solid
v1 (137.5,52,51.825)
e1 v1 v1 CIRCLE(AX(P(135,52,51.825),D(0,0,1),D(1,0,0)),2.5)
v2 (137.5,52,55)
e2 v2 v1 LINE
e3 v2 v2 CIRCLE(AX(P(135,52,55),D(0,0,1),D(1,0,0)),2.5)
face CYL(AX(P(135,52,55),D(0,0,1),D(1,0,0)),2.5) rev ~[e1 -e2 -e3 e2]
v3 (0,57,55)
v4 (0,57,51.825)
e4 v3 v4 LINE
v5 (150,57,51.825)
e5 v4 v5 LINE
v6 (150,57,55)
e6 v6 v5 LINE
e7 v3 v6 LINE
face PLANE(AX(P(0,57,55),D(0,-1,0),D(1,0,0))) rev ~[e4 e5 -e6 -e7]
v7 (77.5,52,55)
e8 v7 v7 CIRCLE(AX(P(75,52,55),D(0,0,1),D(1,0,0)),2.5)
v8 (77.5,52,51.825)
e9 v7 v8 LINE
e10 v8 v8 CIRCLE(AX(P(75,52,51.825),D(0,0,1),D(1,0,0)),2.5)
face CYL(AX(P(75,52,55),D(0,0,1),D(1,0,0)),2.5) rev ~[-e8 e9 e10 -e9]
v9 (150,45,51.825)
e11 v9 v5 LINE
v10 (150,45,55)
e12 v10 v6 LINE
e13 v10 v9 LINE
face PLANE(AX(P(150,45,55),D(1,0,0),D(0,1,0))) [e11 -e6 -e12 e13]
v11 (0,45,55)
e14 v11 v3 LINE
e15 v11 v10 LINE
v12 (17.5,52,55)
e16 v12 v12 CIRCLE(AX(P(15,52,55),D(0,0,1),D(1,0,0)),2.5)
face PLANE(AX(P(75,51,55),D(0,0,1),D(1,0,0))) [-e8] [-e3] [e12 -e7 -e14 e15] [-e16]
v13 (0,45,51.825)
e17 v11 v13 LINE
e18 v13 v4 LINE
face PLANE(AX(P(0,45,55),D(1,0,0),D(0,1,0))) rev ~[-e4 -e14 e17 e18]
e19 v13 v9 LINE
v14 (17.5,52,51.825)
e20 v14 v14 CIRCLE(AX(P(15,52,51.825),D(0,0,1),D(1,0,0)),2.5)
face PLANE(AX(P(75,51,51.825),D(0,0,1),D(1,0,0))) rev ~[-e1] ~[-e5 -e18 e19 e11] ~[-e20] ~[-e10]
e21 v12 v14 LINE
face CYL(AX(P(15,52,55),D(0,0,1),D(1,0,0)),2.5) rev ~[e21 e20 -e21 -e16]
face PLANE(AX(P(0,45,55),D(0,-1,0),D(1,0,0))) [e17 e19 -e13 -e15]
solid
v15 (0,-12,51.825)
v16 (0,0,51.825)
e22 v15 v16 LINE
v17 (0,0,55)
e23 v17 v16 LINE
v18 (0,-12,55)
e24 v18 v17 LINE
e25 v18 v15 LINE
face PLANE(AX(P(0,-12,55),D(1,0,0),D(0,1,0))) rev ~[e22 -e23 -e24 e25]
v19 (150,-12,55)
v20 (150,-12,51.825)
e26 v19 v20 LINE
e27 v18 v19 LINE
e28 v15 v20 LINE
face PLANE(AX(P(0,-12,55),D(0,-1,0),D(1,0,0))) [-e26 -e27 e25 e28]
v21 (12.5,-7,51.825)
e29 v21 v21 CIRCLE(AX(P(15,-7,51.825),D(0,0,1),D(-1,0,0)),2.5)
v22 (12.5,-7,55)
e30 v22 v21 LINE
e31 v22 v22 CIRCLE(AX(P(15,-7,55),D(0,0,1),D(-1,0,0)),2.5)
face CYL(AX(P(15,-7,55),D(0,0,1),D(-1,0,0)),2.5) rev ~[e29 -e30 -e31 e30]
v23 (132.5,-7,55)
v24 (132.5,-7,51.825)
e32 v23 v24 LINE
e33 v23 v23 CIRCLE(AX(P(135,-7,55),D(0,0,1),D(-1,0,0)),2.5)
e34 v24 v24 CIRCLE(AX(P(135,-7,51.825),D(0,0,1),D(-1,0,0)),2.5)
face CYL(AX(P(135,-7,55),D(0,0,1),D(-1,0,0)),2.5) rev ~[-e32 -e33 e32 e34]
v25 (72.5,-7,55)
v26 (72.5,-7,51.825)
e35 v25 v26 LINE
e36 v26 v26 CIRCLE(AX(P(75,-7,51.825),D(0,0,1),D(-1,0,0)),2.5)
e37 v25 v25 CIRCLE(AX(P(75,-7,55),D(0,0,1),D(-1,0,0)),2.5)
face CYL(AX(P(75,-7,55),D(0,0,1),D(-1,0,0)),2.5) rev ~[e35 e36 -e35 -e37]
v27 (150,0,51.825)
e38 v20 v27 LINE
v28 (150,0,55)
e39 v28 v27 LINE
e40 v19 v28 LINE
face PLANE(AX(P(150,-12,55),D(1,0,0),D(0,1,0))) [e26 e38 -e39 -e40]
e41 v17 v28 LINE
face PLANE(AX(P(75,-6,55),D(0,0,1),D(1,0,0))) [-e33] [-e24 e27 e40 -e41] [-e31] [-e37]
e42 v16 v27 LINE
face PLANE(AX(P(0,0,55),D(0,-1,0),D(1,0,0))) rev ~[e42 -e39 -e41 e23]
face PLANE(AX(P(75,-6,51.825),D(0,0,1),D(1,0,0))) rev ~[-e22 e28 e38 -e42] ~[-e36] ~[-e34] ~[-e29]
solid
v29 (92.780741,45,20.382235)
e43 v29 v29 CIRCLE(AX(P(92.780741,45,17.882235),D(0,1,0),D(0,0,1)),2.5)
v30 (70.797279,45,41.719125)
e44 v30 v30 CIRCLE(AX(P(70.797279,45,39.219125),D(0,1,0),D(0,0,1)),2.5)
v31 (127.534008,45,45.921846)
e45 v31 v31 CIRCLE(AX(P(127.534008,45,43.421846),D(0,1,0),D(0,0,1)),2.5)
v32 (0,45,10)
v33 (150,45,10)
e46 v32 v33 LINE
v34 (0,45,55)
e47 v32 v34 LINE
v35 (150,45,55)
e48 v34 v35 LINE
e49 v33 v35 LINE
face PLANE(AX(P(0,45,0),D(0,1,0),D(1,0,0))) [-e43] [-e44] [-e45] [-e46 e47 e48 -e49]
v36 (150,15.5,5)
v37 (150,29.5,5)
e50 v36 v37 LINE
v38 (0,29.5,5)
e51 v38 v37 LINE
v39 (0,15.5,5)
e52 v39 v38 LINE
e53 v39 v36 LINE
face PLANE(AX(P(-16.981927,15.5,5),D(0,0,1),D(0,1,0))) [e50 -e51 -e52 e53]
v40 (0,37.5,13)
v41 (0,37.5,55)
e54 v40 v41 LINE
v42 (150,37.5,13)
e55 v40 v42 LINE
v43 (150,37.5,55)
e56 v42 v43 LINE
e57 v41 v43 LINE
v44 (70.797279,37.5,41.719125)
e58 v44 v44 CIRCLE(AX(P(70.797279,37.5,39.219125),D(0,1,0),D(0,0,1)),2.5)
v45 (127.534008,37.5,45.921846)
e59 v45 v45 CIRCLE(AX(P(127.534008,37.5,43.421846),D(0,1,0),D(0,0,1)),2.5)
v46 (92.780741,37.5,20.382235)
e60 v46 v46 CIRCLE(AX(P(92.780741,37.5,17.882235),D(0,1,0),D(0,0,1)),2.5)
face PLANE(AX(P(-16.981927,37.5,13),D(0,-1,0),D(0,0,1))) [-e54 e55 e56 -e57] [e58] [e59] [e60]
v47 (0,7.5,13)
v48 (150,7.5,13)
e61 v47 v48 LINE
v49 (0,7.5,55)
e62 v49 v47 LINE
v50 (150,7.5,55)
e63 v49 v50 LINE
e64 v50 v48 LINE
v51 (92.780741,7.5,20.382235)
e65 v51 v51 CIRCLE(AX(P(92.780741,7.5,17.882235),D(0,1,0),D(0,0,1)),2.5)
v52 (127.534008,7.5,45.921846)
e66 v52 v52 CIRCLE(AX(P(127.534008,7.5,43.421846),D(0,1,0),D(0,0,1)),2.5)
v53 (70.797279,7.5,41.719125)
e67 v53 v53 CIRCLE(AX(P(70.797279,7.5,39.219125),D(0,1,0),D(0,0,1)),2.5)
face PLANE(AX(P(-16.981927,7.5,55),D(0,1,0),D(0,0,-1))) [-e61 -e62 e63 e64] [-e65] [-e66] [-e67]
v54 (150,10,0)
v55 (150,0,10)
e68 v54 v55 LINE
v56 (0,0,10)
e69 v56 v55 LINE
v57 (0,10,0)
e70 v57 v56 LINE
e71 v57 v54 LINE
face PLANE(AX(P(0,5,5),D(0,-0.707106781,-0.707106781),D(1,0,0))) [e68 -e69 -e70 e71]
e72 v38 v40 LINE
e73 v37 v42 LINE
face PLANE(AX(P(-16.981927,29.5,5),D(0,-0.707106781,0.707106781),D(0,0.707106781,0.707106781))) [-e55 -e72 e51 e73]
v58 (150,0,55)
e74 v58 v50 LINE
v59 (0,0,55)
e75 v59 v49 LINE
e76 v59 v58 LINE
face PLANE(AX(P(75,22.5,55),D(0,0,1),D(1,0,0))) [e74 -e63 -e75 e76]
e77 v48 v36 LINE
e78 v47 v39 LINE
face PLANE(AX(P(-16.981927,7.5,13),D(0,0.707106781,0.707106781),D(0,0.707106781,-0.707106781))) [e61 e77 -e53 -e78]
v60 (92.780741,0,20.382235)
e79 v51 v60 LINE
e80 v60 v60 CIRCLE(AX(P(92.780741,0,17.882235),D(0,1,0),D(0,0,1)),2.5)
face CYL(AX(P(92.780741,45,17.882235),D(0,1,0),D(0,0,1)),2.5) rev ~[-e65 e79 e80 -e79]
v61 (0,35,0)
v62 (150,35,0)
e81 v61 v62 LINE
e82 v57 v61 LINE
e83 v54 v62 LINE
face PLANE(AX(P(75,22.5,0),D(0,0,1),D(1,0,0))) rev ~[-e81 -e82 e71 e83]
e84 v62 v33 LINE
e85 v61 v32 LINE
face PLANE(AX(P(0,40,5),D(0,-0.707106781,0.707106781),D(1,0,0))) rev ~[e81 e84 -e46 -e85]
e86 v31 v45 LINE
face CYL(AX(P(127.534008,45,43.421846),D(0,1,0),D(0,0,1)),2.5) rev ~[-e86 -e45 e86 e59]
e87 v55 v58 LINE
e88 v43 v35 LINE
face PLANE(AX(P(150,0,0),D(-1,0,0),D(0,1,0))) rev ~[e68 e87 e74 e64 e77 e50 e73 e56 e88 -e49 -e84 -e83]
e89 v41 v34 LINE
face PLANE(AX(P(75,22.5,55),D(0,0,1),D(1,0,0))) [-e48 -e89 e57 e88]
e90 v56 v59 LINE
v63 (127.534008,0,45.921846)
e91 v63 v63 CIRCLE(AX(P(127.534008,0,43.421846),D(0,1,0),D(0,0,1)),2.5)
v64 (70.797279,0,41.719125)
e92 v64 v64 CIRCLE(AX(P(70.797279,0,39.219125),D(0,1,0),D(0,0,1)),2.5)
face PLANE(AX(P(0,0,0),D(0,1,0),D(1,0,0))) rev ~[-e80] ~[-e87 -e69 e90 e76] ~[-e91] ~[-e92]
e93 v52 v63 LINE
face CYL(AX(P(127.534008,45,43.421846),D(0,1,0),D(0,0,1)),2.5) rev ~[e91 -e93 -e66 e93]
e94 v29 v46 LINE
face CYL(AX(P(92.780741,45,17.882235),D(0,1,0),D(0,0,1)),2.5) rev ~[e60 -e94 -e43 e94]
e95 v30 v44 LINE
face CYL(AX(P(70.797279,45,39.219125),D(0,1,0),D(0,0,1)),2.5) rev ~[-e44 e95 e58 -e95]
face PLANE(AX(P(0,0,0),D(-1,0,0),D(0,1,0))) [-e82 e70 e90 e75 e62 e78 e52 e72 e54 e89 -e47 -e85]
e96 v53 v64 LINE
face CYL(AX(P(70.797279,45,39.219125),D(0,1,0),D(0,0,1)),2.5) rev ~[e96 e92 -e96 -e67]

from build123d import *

# Parameters (mm, degrees)
SKETCH1_W               = 150
SKETCH1_H               = 45
BOSS_EXTRUDE1_DEPTH     = 55
CUT_EXTRUDE1_DEPTH      = 166.981926727
CUT_EXTRUDE1_DEPTH_BACK = 166.981926727
CHAMFER1_SIZE           = 10
SKETCH3_R               = 2.5
CUT_EXTRUDE2_DEPTH      = 166.981926727
SKETCH4_W               = 150
SKETCH4_H               = 12
SKETCH4_R               = 2.5
BOSS_EXTRUDE2_DEPTH     = 3.175
BOSS_EXTRUDE2_2_DEPTH   = 3.175


with BuildPart() as part:
    # Sketch1 → Boss-Extrude1 (new body)
    with BuildSketch(Plane.XY):
        with Locations((75, 22.5)):
            Rectangle(SKETCH1_W, SKETCH1_H)
    extrude(amount=BOSS_EXTRUDE1_DEPTH)

    # Sketch2 → Cut-Extrude1 (cut, two sides: drawn at the far end of the back side and taken through both)
    with BuildSketch(Plane(origin=(150, 0, 0), x_dir=(0, 0, -1), z_dir=(1, 0, 0)).offset(-CUT_EXTRUDE1_DEPTH_BACK)):
        Polygon((-13, 37.5), (-55, 37.5), (-55, 7.5), (-13, 7.5), (-5, 15.5), (-5, 29.5), align=None)
    extrude(amount=CUT_EXTRUDE1_DEPTH + CUT_EXTRUDE1_DEPTH_BACK, mode=Mode.SUBTRACT)

    # Chamfer1
    chamfer1_edges = [part.edges().sort_by_distance(p)[0] for p in [
        (75, 45, 0),
        (75, 0, 0),
    ]]
    chamfer(chamfer1_edges, length=CHAMFER1_SIZE)

    # Sketch3 → Cut-Extrude2 (cut, through all)
    with BuildSketch(Plane(origin=(0, 45, 0), x_dir=(1, 0, 0), z_dir=(0, 1, 0))):
        with Locations(Location((92.780741235, -17.882235423, 0), (0, 0, 270))):
            Circle(SKETCH3_R)
        with Locations(Location((127.534008193, -43.42184556, 0), (0, 0, 270))):
            Circle(SKETCH3_R)
        with Locations(Location((70.797279345, -39.219124905, 0), (0, 0, 270))):
            Circle(SKETCH3_R)
    extrude(amount=-CUT_EXTRUDE2_DEPTH, mode=Mode.SUBTRACT)


with BuildPart() as body_2:
    # Sketch4 → Boss-Extrude2 (new body)
    with BuildSketch(Plane.XY.offset(55)):
        with Locations((75, 51)):
            Rectangle(SKETCH4_W, SKETCH4_H)
        with Locations((15, 52)):
            Circle(SKETCH4_R, mode=Mode.SUBTRACT)
        with Locations((75, 52)):
            Circle(SKETCH4_R, mode=Mode.SUBTRACT)
        with Locations((135, 52)):
            Circle(SKETCH4_R, mode=Mode.SUBTRACT)
    extrude(amount=-BOSS_EXTRUDE2_DEPTH)


with BuildPart() as body_3:
    # Sketch4 → Boss-Extrude2 2 (new body)
    with BuildSketch(Plane.XY.offset(55)):
        with Locations((75, -6)):
            Rectangle(SKETCH4_W, SKETCH4_H)
        with Locations(Location((135, -7, 0), (0, 0, 180))):
            Circle(SKETCH4_R, mode=Mode.SUBTRACT)
        with Locations(Location((75, -7, 0), (0, 0, 180))):
            Circle(SKETCH4_R, mode=Mode.SUBTRACT)
        with Locations(Location((15, -7, 0), (0, 0, 180))):
            Circle(SKETCH4_R, mode=Mode.SUBTRACT)
    extrude(amount=-BOSS_EXTRUDE2_2_DEPTH)


solid = Compound([part.part, body_2.part, body_3.part])
